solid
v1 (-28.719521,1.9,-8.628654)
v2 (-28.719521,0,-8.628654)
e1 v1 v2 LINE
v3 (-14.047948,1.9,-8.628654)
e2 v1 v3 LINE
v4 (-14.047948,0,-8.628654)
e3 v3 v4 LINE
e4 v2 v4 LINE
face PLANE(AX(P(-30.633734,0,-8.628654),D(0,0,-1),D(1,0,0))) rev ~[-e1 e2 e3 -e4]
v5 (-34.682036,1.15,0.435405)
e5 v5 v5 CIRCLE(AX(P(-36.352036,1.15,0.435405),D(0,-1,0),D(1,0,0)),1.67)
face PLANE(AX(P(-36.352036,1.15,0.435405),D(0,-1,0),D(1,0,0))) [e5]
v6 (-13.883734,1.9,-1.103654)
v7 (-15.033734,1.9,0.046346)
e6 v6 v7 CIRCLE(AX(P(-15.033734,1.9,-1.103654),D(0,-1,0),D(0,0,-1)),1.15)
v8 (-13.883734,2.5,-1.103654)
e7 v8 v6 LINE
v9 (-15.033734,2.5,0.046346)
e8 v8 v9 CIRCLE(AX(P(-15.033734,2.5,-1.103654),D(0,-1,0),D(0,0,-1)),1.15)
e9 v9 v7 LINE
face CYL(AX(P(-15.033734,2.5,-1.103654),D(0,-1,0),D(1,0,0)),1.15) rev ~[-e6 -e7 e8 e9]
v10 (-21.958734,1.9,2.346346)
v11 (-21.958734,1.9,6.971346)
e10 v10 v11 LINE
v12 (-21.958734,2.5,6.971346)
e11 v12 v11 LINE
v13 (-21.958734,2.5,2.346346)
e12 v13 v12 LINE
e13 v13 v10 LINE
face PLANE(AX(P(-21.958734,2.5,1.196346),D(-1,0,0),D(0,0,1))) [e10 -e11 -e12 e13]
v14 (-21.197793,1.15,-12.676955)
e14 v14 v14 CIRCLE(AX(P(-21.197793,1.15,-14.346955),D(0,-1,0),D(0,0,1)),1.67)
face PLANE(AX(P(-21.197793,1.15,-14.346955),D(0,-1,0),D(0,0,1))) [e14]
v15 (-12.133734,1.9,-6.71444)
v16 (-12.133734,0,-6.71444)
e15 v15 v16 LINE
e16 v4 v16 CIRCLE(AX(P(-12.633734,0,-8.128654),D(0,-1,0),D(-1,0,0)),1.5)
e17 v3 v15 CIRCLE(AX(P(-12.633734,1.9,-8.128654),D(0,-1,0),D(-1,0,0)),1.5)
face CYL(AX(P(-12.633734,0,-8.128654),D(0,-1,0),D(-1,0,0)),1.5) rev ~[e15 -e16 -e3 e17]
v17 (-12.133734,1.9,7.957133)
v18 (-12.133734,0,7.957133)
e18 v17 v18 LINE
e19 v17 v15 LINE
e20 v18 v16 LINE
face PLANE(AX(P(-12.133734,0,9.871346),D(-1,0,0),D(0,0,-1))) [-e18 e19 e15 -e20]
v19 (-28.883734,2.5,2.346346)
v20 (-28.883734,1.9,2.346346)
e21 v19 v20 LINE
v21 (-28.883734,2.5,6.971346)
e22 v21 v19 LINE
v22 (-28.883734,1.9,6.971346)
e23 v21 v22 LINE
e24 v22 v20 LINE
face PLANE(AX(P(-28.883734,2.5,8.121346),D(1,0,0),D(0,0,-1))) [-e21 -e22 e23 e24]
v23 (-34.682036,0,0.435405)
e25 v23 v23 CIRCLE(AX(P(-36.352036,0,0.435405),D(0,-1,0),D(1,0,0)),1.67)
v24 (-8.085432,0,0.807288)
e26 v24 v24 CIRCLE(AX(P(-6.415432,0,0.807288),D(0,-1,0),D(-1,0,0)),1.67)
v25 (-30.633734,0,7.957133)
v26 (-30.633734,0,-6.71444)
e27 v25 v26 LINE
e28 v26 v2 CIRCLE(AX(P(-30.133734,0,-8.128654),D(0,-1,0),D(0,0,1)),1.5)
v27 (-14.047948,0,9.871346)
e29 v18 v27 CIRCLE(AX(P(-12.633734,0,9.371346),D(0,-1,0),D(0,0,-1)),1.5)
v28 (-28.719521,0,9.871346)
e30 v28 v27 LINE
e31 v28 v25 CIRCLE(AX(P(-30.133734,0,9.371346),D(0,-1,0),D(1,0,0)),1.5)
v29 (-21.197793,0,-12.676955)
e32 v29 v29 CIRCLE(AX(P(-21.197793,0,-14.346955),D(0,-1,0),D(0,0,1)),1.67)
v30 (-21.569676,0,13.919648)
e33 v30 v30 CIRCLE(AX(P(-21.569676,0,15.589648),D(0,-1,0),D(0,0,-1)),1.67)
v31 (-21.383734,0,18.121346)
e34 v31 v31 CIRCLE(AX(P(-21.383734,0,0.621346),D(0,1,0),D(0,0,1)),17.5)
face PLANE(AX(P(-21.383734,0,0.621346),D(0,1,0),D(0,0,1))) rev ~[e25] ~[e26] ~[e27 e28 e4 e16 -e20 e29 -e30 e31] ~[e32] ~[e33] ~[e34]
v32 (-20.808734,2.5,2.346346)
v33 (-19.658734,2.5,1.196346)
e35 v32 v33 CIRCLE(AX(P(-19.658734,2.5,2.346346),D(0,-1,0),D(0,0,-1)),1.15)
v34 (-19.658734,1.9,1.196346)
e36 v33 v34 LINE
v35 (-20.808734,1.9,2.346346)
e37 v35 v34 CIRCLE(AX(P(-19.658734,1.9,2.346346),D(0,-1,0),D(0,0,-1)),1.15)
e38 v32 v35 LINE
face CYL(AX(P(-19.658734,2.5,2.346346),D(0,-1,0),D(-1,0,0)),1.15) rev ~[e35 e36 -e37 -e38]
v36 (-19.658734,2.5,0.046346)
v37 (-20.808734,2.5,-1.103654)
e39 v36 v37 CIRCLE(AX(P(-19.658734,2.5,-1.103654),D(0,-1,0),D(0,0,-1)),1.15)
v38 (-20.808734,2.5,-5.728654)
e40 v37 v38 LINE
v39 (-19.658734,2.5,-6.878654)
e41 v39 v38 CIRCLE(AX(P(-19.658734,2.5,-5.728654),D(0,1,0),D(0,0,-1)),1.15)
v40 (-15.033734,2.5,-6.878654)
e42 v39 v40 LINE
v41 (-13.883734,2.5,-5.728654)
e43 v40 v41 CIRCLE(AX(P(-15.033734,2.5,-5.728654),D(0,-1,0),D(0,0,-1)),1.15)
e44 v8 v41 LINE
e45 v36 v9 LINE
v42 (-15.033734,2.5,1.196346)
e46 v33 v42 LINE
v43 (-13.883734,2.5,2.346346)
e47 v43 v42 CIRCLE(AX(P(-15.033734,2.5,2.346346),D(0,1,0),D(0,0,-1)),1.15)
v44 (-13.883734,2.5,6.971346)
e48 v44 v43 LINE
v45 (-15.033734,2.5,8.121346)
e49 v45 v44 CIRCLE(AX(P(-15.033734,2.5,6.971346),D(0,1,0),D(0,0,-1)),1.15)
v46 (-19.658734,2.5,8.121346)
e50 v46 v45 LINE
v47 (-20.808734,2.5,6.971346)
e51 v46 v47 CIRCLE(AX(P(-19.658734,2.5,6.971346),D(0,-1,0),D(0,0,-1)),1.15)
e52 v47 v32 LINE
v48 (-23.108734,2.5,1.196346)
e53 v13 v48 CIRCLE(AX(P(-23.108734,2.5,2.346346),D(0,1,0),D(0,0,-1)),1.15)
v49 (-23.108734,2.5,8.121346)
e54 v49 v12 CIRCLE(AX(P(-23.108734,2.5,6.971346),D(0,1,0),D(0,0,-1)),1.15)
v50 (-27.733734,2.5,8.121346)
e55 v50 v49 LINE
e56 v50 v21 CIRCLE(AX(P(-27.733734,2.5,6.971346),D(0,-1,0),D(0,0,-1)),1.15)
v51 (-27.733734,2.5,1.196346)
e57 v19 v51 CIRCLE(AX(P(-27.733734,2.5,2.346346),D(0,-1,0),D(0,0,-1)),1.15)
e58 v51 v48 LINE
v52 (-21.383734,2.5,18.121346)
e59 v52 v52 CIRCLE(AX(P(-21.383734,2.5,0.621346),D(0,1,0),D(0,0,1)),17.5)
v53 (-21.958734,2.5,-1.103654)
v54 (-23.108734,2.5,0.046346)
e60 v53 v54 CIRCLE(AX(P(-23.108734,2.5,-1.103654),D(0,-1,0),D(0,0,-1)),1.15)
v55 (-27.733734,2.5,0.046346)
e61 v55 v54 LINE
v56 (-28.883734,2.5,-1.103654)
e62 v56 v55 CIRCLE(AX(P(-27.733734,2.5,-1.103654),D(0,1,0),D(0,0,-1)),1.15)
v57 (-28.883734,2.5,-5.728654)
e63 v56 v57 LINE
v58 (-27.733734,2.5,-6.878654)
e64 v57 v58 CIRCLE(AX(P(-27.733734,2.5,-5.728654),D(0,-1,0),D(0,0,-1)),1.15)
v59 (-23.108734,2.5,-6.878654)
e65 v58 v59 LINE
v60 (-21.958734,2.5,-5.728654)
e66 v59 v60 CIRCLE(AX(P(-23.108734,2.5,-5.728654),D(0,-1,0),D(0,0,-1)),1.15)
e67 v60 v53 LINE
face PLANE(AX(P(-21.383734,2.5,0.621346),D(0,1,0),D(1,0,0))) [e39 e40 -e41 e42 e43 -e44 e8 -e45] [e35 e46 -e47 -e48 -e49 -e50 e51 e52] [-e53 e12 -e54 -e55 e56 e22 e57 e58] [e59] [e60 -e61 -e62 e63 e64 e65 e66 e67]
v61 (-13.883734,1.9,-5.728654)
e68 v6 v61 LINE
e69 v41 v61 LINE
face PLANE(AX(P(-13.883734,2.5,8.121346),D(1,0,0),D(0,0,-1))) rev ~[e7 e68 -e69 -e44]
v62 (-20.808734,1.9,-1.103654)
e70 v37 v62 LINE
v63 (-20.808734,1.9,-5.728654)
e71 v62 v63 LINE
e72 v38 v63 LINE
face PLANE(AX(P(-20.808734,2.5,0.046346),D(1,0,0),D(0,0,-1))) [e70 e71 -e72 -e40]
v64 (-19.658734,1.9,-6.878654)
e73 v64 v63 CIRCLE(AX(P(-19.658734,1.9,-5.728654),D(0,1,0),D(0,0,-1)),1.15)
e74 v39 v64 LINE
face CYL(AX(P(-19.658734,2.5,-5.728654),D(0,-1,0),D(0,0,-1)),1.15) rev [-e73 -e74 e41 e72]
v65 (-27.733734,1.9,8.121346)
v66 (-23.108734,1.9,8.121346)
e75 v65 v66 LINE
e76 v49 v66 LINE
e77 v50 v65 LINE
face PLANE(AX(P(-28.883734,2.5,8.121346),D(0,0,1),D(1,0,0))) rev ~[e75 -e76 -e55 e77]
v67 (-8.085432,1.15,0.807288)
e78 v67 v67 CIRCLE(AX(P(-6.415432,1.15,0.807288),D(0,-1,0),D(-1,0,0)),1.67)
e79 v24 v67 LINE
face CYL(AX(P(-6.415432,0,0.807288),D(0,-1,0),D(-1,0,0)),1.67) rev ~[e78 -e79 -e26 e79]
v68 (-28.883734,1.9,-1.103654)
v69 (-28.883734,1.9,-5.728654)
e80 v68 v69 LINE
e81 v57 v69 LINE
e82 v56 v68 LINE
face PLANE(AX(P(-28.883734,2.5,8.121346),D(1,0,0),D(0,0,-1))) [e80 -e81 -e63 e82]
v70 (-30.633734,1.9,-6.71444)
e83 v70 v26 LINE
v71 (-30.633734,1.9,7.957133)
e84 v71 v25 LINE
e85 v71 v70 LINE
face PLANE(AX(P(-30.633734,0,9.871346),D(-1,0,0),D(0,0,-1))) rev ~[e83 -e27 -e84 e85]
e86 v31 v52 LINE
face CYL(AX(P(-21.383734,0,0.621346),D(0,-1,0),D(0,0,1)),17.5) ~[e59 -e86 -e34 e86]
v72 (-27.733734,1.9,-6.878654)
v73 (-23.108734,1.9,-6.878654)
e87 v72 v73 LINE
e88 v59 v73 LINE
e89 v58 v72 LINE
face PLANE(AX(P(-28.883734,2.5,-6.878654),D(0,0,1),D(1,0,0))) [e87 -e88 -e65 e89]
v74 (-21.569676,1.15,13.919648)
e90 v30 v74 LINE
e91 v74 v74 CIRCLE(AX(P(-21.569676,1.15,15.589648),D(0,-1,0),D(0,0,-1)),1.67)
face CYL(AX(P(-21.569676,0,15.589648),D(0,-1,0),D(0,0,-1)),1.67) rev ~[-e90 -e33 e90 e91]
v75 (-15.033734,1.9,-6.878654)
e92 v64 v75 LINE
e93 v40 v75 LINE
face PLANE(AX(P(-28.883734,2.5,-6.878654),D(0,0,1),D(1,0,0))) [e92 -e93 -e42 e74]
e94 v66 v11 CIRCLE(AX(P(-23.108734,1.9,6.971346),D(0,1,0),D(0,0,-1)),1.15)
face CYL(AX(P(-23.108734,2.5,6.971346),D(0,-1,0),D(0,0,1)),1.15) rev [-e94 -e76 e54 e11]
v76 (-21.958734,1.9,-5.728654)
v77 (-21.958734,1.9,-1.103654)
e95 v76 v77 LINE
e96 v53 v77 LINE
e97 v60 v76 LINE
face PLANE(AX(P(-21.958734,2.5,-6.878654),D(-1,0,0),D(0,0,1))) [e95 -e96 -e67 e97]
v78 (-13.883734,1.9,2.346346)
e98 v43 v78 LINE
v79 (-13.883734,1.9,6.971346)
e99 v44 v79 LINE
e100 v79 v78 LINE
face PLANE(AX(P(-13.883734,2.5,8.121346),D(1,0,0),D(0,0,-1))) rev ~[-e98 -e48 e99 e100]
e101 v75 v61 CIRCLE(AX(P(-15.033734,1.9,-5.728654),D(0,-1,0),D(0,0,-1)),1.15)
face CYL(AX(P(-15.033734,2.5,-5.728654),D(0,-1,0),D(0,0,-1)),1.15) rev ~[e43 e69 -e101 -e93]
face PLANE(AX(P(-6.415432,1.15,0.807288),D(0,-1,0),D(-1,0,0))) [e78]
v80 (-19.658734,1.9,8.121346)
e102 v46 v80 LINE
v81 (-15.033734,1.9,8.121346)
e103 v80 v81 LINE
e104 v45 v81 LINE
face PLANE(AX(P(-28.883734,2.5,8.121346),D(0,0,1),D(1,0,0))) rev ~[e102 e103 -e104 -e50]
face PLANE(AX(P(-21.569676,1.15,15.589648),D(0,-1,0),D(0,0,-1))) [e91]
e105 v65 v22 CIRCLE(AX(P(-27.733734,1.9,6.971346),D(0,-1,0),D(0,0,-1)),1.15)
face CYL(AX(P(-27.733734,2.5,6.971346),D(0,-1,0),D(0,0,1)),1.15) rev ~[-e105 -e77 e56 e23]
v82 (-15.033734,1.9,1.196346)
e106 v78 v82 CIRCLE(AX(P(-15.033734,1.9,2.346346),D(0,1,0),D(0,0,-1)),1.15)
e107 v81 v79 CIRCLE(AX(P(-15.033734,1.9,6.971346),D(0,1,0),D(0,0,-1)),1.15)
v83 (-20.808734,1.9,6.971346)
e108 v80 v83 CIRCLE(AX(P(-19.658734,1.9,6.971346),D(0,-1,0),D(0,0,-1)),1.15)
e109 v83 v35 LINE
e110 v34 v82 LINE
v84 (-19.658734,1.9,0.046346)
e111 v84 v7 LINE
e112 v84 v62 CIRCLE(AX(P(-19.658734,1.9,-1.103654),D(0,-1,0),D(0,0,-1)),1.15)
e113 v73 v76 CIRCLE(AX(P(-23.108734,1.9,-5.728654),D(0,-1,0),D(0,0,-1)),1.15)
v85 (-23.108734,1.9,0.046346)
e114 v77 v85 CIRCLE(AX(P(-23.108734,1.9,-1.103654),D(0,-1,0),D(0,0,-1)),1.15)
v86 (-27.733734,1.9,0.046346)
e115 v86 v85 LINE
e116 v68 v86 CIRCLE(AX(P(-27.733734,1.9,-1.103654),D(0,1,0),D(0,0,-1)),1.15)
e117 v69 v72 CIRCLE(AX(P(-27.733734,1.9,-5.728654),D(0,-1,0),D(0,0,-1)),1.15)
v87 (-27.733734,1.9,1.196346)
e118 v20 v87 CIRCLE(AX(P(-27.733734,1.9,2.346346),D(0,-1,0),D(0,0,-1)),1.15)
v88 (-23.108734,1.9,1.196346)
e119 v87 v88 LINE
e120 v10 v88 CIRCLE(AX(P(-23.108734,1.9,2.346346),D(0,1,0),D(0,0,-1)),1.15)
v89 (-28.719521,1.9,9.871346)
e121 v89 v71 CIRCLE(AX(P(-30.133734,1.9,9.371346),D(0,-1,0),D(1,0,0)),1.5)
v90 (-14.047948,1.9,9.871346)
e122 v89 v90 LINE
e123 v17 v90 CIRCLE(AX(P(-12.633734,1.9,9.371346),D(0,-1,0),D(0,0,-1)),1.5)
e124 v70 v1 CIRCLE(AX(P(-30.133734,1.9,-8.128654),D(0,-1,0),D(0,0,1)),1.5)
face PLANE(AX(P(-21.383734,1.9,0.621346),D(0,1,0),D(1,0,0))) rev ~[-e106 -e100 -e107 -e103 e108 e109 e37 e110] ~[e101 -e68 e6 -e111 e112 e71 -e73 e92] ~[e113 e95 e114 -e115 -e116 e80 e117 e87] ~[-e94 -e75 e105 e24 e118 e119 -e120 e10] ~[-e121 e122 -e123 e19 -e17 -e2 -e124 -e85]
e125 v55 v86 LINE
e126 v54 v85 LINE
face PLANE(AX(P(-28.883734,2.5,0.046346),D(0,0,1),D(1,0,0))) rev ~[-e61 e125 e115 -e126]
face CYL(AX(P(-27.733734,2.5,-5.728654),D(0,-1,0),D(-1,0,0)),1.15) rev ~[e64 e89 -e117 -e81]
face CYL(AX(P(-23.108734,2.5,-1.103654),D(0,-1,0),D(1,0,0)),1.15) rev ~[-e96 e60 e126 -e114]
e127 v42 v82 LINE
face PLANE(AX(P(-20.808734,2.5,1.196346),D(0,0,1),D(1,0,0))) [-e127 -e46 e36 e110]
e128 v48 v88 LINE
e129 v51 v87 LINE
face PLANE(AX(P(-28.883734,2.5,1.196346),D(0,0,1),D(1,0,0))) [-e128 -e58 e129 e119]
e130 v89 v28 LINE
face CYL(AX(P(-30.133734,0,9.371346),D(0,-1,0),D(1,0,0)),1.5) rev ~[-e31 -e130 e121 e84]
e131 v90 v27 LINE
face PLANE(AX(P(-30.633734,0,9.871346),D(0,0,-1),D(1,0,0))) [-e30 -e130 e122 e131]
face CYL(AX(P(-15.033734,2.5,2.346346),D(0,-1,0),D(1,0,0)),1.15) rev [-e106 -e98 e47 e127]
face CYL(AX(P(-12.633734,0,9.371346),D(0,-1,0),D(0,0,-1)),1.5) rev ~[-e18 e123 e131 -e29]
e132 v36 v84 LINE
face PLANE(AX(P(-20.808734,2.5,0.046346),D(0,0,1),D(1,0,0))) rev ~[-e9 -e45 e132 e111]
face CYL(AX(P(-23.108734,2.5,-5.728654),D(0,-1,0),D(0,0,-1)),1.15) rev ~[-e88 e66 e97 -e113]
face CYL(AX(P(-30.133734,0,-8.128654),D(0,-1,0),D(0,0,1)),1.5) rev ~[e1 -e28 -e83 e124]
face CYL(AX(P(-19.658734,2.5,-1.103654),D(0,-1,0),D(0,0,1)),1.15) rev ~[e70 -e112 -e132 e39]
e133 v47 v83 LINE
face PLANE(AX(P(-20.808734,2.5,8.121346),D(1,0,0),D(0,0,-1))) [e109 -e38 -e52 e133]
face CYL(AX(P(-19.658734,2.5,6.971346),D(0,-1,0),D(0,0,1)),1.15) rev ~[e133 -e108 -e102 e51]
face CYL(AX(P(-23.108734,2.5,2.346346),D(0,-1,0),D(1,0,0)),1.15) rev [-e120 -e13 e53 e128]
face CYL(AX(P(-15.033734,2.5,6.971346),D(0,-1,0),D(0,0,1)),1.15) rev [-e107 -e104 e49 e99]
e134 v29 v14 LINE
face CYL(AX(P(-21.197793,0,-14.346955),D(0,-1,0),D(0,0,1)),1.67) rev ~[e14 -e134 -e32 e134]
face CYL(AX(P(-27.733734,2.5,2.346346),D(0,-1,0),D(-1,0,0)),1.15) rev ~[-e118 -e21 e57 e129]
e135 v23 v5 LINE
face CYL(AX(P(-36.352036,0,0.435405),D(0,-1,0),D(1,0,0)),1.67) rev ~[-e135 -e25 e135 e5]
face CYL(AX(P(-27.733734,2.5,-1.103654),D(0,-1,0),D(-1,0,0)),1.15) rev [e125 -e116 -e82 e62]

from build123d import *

# Parameters (mm, degrees)
SKETCH2_R           = 17.5
SKETCH2_W           = 18.5
SKETCH2_H           = 18.5
BOSS_EXTRUDE1_DEPTH = 2.5
SKETCH4_R           = 1.67
CUT_EXTRUDE1_DEPTH  = 1.15
CIRPATTERN1_COUNT   = 4
SKETCH5_W           = 18.5
SKETCH5_H           = 18.5
SKETCH5_W_2         = 15
SKETCH5_H_2         = 15
BOSS_EXTRUDE2_DEPTH = 0.6
SKETCH10_W          = 1.15
SKETCH10_H          = 6.925
SKETCH10_H_2        = 1.15
SKETCH10_W_2        = 6.925
BOSS_EXTRUDE4_DEPTH = 0.6
FILLET1_R           = 1.15
SKETCH11_R          = 1.5
CUT_EXTRUDE2_DEPTH  = 1.9
CIRPATTERN2_COUNT   = 4


with BuildPart() as part:
    # Sketch2 → Boss-Extrude1 (new body)
    with BuildSketch(Plane(origin=(0, 0, 0), x_dir=(1, 0, 0), z_dir=(0, 1, 0))):
        with Locations(Location((-21.383734207, -0.621346489, 0), (0, 0, 270))):
            Circle(SKETCH2_R)
        with Locations((-21.383734207, -0.621346489)):
            Rectangle(SKETCH2_W, SKETCH2_H, mode=Mode.SUBTRACT)
    extrude(amount=BOSS_EXTRUDE1_DEPTH)

    # Sketch4 → Cut-Extrude1 (cut)
    with BuildSketch(Plane.XZ):
        with Locations(Location((-21.569675845, 15.589648339, 0), (0, 0, 270))):
            Circle(SKETCH4_R)
    cut_extrude1 = extrude(amount=-CUT_EXTRUDE1_DEPTH, mode=Mode.SUBTRACT)

    # CirPattern1: Cut-Extrude1 ×4 about axis
    cirpattern1_axis = Axis((-21.383734207, 0, 0.621346489), (0, 1, 0))
    for i in range(1, CIRPATTERN1_COUNT):
        add(cut_extrude1.rotate(cirpattern1_axis, i * 360 / CIRPATTERN1_COUNT), mode=Mode.SUBTRACT)

    # Sketch5 → Boss-Extrude2 (add)
    with BuildSketch(Plane(origin=(0, 2.5, 0), x_dir=(1, 0, 0), z_dir=(0, 1, 0))):
        with Locations((-21.383734207, -0.621346489)):
            Rectangle(SKETCH5_W, SKETCH5_H)
        with Locations((-21.383734207, -0.621346489)):
            Rectangle(SKETCH5_W_2, SKETCH5_H_2, mode=Mode.SUBTRACT)
    extrude(amount=-BOSS_EXTRUDE2_DEPTH)

    # Sketch10 → Boss-Extrude4 (add)
    with BuildSketch(Plane(origin=(0, 2.5, 0), x_dir=(1, 0, 0), z_dir=(0, 1, 0))):
        with Locations((-21.383734207, 3.416153511)):
            Rectangle(SKETCH10_W, SKETCH10_H)
        with Locations((-21.383734207, -4.658846489)):
            Rectangle(SKETCH10_W, SKETCH10_H)
        with Locations((-21.383734207, -0.621346489)):
            Rectangle(SKETCH10_W, SKETCH10_H_2)
        with Locations((-17.346234207, -0.621346489)):
            Rectangle(SKETCH10_W_2, SKETCH10_H_2)
        with Locations((-25.421234207, -0.621346489)):
            Rectangle(SKETCH10_W_2, SKETCH10_H_2)
    extrude(amount=-BOSS_EXTRUDE4_DEPTH)

    # Fillet1
    fillet1_edges = [part.edges().sort_by_distance(p)[0] for p in [
        (-28.883734207, 2.2, -6.878653511),
        (-28.883734207, 2.2, 8.121346489),
        (-13.883734207, 2.2, 8.121346489),
        (-13.883734207, 2.2, -6.878653511),
        (-28.883734207, 2.2, 0.046346489),
        (-28.883734207, 2.2, 1.196346489),
        (-21.958734207, 2.2, 1.196346489),
        (-21.958734207, 2.2, 8.121346489),
        (-20.808734207, 2.2, 8.121346489),
        (-20.808734207, 2.2, 1.196346489),
        (-13.883734207, 2.2, 1.196346489),
        (-13.883734207, 2.2, 0.046346489),
        (-20.808734207, 2.2, 0.046346489),
        (-20.808734207, 2.2, -6.878653511),
        (-21.958734207, 2.2, -6.878653511),
        (-21.958734207, 2.2, 0.046346489),
    ]]
    fillet(fillet1_edges, radius=FILLET1_R)

    # Sketch11 → Cut-Extrude2 (cut)
    with BuildSketch(Plane.XZ):
        with Locations((-30.133734207, 9.371346489)):
            Circle(SKETCH11_R)
    cut_extrude2 = extrude(amount=-CUT_EXTRUDE2_DEPTH, mode=Mode.SUBTRACT)

    # CirPattern2: Cut-Extrude2 ×4 about axis
    cirpattern2_axis = Axis((-21.383734207, 0, 0.621346489), (0, 1, 0))
    for i in range(1, CIRPATTERN2_COUNT):
        add(cut_extrude2.rotate(cirpattern2_axis, i * 360 / CIRPATTERN2_COUNT), mode=Mode.SUBTRACT)


solid = part.part
